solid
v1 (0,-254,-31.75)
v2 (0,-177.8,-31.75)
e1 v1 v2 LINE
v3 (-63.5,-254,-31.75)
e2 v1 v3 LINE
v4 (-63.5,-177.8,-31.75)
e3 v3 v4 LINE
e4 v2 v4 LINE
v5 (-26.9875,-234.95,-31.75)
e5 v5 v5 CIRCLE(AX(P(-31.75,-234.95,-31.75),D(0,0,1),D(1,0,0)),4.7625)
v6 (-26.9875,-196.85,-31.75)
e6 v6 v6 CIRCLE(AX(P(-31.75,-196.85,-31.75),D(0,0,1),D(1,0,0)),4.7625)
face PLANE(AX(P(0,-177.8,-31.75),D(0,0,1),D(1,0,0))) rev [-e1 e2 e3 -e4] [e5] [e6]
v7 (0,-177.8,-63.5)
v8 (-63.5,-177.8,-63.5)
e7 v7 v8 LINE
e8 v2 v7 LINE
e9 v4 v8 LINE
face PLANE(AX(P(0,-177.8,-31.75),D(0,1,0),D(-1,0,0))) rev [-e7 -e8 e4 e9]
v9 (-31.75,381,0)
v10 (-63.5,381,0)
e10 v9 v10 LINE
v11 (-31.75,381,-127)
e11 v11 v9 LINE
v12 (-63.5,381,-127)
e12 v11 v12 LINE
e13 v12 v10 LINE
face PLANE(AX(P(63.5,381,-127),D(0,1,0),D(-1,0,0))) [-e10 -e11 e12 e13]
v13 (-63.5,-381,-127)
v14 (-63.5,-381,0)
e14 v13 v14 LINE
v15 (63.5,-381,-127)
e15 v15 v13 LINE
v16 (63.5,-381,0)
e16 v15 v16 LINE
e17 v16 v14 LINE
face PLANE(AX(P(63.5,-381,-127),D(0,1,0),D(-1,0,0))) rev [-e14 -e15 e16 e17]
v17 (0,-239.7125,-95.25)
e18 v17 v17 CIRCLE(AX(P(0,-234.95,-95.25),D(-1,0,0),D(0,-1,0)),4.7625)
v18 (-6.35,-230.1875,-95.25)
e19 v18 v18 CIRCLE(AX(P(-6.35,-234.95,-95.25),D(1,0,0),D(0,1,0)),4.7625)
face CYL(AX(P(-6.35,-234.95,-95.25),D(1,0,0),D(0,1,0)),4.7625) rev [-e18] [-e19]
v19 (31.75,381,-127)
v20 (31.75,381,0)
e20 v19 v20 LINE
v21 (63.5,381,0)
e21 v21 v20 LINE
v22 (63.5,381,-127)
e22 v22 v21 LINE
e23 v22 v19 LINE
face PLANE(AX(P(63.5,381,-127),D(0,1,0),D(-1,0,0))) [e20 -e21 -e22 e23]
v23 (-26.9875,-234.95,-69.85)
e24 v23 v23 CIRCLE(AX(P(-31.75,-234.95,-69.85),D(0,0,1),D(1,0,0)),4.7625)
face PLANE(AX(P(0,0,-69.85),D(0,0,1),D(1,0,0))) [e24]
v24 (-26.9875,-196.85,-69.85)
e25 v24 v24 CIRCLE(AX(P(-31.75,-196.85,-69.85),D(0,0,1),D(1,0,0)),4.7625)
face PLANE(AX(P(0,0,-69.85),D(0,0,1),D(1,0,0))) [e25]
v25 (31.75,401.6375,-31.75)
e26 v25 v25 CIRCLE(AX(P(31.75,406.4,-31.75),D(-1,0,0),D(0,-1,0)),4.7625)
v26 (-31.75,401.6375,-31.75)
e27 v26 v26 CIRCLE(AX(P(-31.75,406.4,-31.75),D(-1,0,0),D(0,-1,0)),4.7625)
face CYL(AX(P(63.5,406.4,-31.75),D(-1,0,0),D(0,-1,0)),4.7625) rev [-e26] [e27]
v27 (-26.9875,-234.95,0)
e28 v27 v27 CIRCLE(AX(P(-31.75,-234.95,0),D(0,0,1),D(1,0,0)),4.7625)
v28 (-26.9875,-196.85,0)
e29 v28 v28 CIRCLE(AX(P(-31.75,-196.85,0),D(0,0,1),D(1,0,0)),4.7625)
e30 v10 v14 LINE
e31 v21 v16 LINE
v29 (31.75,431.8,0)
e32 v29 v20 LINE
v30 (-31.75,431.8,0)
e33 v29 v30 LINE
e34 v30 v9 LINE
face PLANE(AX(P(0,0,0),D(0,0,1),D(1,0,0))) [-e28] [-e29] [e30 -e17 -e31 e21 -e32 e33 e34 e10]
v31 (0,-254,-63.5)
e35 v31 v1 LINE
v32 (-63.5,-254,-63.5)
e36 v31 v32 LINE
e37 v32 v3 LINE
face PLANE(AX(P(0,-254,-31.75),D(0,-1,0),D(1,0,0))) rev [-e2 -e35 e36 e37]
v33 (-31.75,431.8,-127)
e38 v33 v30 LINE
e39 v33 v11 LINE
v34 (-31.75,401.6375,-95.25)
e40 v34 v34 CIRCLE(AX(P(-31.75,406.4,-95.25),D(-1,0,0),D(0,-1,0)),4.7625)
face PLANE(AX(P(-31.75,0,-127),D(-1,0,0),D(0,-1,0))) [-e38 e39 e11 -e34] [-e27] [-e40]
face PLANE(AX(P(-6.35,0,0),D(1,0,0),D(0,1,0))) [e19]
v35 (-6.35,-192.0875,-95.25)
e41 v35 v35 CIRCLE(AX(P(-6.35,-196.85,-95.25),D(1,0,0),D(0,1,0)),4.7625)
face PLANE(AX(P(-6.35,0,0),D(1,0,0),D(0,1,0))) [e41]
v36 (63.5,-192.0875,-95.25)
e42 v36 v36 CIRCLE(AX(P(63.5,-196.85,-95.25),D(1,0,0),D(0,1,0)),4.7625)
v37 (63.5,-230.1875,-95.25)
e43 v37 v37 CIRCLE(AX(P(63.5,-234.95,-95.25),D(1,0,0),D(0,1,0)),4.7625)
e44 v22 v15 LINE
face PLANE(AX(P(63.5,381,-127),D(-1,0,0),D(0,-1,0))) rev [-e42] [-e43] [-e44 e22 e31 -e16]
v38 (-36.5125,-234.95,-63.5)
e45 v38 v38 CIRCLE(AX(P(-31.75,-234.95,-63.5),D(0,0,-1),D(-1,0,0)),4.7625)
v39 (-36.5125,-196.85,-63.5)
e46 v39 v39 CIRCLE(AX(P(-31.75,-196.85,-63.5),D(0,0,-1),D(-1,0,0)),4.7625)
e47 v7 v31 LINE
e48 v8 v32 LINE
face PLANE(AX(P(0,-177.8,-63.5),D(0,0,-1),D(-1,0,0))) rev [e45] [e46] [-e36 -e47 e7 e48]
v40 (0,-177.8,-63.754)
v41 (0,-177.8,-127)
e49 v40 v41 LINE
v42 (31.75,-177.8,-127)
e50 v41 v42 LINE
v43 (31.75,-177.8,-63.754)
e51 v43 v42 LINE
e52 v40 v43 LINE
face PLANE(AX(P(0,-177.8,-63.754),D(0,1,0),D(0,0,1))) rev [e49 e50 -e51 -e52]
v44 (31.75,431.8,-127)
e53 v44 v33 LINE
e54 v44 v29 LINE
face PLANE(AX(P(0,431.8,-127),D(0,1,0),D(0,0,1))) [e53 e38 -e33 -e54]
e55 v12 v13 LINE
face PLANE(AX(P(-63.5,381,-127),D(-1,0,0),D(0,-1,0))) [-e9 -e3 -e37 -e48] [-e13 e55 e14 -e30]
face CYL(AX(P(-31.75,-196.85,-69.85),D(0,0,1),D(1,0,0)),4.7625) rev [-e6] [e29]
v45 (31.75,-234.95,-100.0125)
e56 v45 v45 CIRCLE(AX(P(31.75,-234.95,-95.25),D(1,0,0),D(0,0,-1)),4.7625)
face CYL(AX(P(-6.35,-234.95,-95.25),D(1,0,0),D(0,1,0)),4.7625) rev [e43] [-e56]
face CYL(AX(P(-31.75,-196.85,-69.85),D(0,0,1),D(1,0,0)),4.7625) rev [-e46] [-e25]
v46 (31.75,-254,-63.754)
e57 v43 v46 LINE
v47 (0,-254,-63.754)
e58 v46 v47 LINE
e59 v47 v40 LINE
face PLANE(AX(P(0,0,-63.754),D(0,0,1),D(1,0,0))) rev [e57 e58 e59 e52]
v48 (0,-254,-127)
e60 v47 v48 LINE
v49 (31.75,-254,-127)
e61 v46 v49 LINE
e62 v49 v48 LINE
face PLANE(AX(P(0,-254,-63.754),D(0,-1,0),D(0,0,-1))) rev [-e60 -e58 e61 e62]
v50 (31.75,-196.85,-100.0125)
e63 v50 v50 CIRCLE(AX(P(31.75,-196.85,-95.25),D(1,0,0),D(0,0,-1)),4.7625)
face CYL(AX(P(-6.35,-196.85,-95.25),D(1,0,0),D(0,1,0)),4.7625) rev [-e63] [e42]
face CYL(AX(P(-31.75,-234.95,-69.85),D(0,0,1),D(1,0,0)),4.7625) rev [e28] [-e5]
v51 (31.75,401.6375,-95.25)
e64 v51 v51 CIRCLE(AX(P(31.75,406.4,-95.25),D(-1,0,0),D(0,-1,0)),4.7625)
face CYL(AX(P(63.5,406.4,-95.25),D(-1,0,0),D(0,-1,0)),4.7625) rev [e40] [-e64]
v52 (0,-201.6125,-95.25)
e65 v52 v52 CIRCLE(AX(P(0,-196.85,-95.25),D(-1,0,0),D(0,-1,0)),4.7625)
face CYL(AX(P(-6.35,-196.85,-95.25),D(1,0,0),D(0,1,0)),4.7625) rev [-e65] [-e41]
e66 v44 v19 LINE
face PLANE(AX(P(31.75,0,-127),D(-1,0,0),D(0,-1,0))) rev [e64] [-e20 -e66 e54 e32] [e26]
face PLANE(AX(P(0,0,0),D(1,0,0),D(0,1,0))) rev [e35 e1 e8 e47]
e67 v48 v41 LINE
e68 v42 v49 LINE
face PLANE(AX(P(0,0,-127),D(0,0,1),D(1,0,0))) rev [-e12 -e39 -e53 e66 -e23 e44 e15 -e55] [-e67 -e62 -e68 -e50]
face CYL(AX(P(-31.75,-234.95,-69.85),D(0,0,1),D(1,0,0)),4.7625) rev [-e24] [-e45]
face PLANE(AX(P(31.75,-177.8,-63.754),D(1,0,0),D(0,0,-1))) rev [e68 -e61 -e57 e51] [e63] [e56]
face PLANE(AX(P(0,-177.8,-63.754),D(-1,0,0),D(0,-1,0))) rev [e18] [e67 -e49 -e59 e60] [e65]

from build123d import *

# Parameters (mm, degrees)
BOSS_EXTRUDE1_DEPTH = 127
SKETCH4_W           = 31.75
SKETCH4_H           = 76.2
CUT_EXTRUDE3_DEPTH  = 63.5
SKETCH5_W           = 31.75
SKETCH5_H           = 76.2
CUT_EXTRUDE4_DEPTH  = 63.246
CUT_EXTRUDE6_DEPTH  = 69.85
CUT_EXTRUDE8_DEPTH  = 69.85
SKETCH9_R           = 4.7625
CUT_EXTRUDE9_DEPTH  = 461.057390442


with BuildPart() as part:
    # Sketch1 → Boss-Extrude1 (new body)
    with BuildSketch(Plane.XY):
        Polygon((63.5, -381), (63.5, 381), (31.75, 381), (31.75, 431.8), (-31.75, 431.8), (-31.75, 381), (-63.5, 381), (-63.5, -381), align=None)
    extrude(amount=-BOSS_EXTRUDE1_DEPTH)

    # Sketch4 → Cut-Extrude3 (cut)
    with BuildSketch(Plane.ZY.offset(63.5)):
        with Locations((-47.625, -215.9)):
            Rectangle(SKETCH4_W, SKETCH4_H)
    extrude(amount=-CUT_EXTRUDE3_DEPTH, mode=Mode.SUBTRACT)

    # Sketch5 → Cut-Extrude4 (cut)
    with BuildSketch(Plane(origin=(0, 0, -127), x_dir=(-1, 0, 0), z_dir=(0, 0, -1))):
        with Locations((-15.875, -215.9)):
            Rectangle(SKETCH5_W, SKETCH5_H)
    extrude(amount=-CUT_EXTRUDE4_DEPTH, mode=Mode.SUBTRACT)

    # Sketch7 → Cut-Extrude6 (cut)
    with BuildSketch(Plane(origin=(63.5, 0, 0), x_dir=(0, 0, -1), z_dir=(1, 0, 0))):
        with BuildLine():
            ThreePointArc((100.0125, -234.95), (98.617596045, -231.582403955), (95.25, -230.1875))
            Line((95.25, -230.1875), (95.25, -239.7125))
            ThreePointArc((95.25, -239.7125), (98.617596045, -238.317596045), (100.0125, -234.95))
        make_face()
        with BuildLine():
            Line((95.25, -239.7125), (95.25, -230.1875))
            ThreePointArc((95.25, -230.1875), (90.4875, -234.95), (95.25, -239.7125))
        make_face()
        with BuildLine():
            ThreePointArc((100.0125, -196.85), (98.617596045, -193.482403955), (95.25, -192.0875))
            Line((95.25, -192.0875), (95.25, -201.6125))
            ThreePointArc((95.25, -201.6125), (98.617596045, -200.217596045), (100.0125, -196.85))
        make_face()
        with BuildLine():
            Line((95.25, -201.6125), (95.25, -192.0875))
            ThreePointArc((95.25, -192.0875), (90.4875, -196.85), (95.25, -201.6125))
        make_face()
    extrude(amount=-CUT_EXTRUDE6_DEPTH, mode=Mode.SUBTRACT)

    # Sketch8 → Cut-Extrude8 (cut)
    with BuildSketch(Plane.XY):
        with BuildLine():
            ThreePointArc((-26.9875, -234.95), (-28.382403955, -231.582403955), (-31.75, -230.1875))
            Line((-31.75, -230.1875), (-31.75, -239.7125))
            ThreePointArc((-31.75, -239.7125), (-28.382403955, -238.317596045), (-26.9875, -234.95))
        make_face()
        with BuildLine():
            Line((-31.75, -239.7125), (-31.75, -230.1875))
            ThreePointArc((-31.75, -230.1875), (-36.5125, -234.95), (-31.75, -239.7125))
        make_face()
        with BuildLine():
            ThreePointArc((-26.9875, -196.85), (-28.382403955, -193.482403955), (-31.75, -192.0875))
            Line((-31.75, -192.0875), (-31.75, -201.6125))
            ThreePointArc((-31.75, -201.6125), (-28.382403955, -200.217596045), (-26.9875, -196.85))
        make_face()
        with BuildLine():
            Line((-31.75, -201.6125), (-31.75, -192.0875))
            ThreePointArc((-31.75, -192.0875), (-36.5125, -196.85), (-31.75, -201.6125))
        make_face()
    extrude(amount=-CUT_EXTRUDE8_DEPTH, mode=Mode.SUBTRACT)

    # Sketch9 → Cut-Extrude9 (cut, through all)
    with BuildSketch(Plane.ZY.offset(31.75)):
        with Locations(Location((-95.25, 406.4, 0), (0, 0, 270))):
            Circle(SKETCH9_R)
        with Locations(Location((-31.75, 406.4, 0), (0, 0, 270))):
            Circle(SKETCH9_R)
    extrude(amount=-CUT_EXTRUDE9_DEPTH, mode=Mode.SUBTRACT)


solid = part.part
